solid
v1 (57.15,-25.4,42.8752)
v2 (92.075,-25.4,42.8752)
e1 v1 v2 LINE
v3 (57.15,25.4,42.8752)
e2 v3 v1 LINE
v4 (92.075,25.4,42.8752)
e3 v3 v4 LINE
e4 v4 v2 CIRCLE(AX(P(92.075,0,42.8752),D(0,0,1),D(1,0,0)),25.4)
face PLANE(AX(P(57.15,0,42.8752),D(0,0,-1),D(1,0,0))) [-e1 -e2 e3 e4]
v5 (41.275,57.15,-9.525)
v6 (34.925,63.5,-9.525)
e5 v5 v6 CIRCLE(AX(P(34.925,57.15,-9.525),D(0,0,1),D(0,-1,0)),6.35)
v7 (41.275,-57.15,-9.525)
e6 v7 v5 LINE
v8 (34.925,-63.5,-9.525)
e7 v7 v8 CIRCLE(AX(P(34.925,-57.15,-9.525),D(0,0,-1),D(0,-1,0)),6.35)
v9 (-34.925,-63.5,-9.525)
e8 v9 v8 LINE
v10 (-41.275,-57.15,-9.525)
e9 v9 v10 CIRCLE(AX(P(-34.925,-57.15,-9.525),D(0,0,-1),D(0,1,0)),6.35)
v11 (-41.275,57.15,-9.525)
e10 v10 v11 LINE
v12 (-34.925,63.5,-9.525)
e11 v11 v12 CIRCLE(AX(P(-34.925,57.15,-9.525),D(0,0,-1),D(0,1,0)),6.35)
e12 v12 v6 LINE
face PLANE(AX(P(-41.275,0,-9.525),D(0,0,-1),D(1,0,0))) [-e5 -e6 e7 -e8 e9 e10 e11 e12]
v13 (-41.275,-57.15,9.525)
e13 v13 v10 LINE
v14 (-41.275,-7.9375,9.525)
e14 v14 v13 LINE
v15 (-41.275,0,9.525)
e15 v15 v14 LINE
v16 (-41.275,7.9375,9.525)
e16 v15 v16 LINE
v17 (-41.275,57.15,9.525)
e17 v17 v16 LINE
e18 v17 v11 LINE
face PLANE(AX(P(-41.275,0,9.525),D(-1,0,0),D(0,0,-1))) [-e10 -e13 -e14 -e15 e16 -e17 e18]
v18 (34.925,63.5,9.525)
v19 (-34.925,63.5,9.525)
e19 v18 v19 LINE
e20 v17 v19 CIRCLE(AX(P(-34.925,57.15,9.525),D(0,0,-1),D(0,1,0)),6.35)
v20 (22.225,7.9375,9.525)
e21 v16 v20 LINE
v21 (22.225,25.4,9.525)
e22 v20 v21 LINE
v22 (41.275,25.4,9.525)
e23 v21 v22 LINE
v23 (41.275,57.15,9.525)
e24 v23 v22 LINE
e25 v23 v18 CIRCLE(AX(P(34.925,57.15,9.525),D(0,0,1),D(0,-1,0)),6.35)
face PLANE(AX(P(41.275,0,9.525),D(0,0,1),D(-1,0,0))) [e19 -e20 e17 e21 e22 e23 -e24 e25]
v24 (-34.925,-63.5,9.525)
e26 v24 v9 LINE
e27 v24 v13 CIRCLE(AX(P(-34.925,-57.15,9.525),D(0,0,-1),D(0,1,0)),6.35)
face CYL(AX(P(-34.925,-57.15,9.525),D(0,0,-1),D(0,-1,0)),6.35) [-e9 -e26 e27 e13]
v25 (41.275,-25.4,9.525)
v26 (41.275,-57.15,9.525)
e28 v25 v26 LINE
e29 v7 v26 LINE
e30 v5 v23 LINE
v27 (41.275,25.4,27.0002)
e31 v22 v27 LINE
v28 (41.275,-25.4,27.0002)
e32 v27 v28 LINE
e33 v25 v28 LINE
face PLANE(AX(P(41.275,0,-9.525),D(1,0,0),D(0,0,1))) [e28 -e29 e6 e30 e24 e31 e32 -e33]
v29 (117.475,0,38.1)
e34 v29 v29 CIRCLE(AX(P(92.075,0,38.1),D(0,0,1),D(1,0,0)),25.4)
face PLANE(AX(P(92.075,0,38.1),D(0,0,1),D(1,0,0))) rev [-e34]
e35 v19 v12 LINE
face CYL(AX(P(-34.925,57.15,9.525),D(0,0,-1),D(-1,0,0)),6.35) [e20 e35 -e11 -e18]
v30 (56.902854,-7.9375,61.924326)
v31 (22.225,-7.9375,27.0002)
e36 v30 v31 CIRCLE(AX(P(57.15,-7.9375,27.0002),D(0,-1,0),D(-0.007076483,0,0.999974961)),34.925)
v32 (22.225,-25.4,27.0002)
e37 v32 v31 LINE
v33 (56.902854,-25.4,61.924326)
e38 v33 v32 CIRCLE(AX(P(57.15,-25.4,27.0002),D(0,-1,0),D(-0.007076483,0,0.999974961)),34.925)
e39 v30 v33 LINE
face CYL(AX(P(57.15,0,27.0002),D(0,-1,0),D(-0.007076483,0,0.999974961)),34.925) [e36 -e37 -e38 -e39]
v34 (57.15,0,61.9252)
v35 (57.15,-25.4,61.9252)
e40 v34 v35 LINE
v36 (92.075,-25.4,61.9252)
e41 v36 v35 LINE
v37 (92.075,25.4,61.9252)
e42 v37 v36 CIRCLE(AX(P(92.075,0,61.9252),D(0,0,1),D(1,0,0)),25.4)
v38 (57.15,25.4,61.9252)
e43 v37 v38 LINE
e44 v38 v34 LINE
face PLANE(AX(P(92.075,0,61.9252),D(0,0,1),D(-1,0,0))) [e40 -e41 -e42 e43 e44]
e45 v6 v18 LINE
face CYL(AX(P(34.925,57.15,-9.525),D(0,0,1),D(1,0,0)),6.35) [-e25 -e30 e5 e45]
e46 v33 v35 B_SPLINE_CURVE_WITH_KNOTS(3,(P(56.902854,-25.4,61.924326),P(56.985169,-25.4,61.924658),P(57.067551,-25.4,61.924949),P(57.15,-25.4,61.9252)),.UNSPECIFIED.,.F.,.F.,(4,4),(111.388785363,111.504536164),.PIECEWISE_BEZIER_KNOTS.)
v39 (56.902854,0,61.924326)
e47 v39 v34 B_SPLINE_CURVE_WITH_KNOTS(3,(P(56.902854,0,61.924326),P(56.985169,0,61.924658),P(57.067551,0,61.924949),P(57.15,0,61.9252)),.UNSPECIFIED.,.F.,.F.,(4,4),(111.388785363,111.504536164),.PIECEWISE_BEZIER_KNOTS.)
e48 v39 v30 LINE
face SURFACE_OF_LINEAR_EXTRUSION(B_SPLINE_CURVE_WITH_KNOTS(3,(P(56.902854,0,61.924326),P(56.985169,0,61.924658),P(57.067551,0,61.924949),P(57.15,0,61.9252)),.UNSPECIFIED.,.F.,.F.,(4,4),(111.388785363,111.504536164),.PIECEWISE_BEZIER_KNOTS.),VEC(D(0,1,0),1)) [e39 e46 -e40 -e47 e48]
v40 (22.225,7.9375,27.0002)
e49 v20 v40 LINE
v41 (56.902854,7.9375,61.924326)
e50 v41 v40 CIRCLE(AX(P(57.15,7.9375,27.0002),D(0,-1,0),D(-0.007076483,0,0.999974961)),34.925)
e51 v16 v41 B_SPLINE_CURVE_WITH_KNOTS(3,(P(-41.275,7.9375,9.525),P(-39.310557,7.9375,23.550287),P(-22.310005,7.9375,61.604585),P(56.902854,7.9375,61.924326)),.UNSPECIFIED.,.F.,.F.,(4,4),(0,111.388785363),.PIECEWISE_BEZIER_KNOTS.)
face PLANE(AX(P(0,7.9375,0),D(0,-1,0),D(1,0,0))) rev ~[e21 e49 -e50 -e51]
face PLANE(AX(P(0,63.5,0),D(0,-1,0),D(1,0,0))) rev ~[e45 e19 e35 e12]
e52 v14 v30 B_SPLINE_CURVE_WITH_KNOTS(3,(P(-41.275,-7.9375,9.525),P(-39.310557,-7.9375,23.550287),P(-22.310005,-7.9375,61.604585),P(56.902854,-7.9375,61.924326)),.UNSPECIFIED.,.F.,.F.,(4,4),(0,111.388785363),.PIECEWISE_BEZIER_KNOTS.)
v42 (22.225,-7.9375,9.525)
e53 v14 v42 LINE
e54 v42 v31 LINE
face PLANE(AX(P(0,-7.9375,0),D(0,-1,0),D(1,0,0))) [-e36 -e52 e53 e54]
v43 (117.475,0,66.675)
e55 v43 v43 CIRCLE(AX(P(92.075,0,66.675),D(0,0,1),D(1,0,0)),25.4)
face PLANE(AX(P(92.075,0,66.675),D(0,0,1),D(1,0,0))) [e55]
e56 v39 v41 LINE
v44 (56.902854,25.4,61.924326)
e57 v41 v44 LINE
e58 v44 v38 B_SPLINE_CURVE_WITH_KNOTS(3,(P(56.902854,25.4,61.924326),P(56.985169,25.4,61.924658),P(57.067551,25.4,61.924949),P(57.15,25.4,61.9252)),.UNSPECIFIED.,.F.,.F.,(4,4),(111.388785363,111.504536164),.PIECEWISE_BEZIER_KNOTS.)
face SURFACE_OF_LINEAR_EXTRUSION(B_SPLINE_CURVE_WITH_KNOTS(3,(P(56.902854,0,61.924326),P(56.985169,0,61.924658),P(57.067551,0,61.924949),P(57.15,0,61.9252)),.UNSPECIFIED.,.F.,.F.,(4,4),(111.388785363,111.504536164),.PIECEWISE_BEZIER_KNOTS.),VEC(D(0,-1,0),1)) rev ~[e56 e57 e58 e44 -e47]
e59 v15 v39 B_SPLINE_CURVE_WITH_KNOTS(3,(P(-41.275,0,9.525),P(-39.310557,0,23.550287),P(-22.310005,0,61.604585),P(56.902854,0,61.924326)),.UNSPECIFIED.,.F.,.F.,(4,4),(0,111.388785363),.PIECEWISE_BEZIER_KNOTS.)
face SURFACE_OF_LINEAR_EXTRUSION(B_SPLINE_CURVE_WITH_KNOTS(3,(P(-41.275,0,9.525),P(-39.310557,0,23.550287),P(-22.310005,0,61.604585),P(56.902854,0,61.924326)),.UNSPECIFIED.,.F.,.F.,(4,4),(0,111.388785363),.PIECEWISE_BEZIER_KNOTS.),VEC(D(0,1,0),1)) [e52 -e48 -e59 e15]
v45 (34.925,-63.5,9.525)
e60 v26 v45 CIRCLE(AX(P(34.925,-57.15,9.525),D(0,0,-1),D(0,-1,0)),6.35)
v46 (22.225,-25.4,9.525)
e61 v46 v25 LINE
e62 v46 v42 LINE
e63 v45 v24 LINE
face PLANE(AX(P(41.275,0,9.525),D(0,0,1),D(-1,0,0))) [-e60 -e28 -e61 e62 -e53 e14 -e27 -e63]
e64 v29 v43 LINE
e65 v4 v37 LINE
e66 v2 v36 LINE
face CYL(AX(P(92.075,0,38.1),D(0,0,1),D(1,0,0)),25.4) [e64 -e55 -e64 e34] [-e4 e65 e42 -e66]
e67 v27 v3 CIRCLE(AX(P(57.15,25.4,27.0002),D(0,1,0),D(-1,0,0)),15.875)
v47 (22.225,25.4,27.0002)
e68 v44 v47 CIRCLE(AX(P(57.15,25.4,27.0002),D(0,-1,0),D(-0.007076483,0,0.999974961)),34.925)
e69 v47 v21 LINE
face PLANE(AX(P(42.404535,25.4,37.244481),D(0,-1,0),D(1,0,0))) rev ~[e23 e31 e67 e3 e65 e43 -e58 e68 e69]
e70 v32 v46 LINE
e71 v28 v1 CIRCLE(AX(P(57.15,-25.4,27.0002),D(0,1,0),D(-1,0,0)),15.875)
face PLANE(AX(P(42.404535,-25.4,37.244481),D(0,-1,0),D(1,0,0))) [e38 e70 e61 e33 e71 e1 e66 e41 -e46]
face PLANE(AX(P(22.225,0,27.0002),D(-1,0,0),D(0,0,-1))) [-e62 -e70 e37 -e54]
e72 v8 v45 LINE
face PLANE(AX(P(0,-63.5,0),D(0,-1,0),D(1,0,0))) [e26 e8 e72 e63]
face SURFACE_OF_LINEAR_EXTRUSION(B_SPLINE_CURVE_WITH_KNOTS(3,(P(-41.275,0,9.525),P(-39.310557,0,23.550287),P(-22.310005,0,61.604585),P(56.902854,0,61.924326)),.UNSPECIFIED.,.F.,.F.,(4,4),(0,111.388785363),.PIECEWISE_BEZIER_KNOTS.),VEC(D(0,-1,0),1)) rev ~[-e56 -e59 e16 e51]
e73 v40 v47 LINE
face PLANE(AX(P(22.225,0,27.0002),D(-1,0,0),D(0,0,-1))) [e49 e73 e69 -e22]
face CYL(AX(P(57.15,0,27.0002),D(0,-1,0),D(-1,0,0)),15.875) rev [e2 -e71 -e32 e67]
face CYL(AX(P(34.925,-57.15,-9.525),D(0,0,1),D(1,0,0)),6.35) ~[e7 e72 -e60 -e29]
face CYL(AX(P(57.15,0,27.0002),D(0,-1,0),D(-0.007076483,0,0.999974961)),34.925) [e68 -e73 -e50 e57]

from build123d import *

# Parameters (mm, degrees)
F1_DEPTH = 63.5
F0_W     = 25.4
F0_H     = 19.05
F2_DEPTH = 25.4
F3_DEPTH = 7.9375
F5_R     = 6.35


with BuildPart() as f1:
    # F0 (on Front) → F1 (new body, symmetric)
    with BuildSketch(Plane.XZ):
        Polygon((41.275, -9.525), (41.275, 9.525), (22.225, 9.525), (-41.275, 9.525), (-41.275, -9.525), align=None)
    extrude(amount=F1_DEPTH, both=True)

    # F0 (on Front) → F2 (join, symmetric)
    with BuildSketch(Plane.XZ):
        with BuildLine():
            Line((22.225, 9.525), (41.275, 9.525))
            Line((41.275, 9.525), (41.275, 27.0002))
            ThreePointArc((41.275, 27.0002), (45.9246798487, 38.2255201513), (57.15, 42.8752))
            Line((57.15, 42.8752), (66.675, 42.8752))
            Line((66.675, 42.8752), (66.675, 61.9252))
            Line((66.675, 61.9252), (57.15, 61.9252))
            add(Edge.make_bspline(
                [(56.9028538387, 61.9243255263), (56.9851686946, 61.9246577884), (57.0675507307, 61.9249493028), (57.15, 61.9252)],
                knots=[111.3887853631, 111.3887853631, 111.3887853631, 111.3887853631, 111.5045361635, 111.5045361635, 111.5045361635, 111.5045361635], degree=3))
            ThreePointArc((56.9028538387, 61.9243255263), (32.3670703438, 51.6083698356), (22.225, 27.0002))
            Line((22.225, 27.0002), (22.225, 9.525))
        make_face()
        with Locations((79.375, 52.4002)):
            Rectangle(F0_W, F0_H)
    extrude(amount=F2_DEPTH, both=True)

    # F0 (on Front) → F3 (join, symmetric)
    with BuildSketch(Plane.XZ):
        Polygon((41.275, -9.525), (41.275, 9.525), (22.225, 9.525), (-41.275, 9.525), (-41.275, -9.525), align=None)
        with BuildLine():
            Line((22.225, 9.525), (41.275, 9.525))
            Line((41.275, 9.525), (41.275, 27.0002))
            ThreePointArc((41.275, 27.0002), (45.9246798487, 38.2255201513), (57.15, 42.8752))
            Line((57.15, 42.8752), (66.675, 42.8752))
            Line((66.675, 42.8752), (66.675, 61.9252))
            Line((66.675, 61.9252), (57.15, 61.9252))
            add(Edge.make_bspline(
                [(56.9028538387, 61.9243255263), (56.9851686946, 61.9246577884), (57.0675507307, 61.9249493028), (57.15, 61.9252)],
                knots=[111.3887853631, 111.3887853631, 111.3887853631, 111.3887853631, 111.5045361635, 111.5045361635, 111.5045361635, 111.5045361635], degree=3))
            ThreePointArc((56.9028538387, 61.9243255263), (32.3670703438, 51.6083698356), (22.225, 27.0002))
            Line((22.225, 27.0002), (22.225, 9.525))
        make_face()
        with Locations((79.375, 52.4002)):
            Rectangle(F0_W, F0_H)
        with BuildLine():
            Line((-41.275, 9.525), (22.225, 9.525))
            Line((22.225, 9.525), (22.225, 27.0002))
            ThreePointArc((22.225, 27.0002), (32.3670703438, 51.6083698356), (56.9028538387, 61.9243255263))
            add(Edge.make_bspline(
                [(-41.275, 9.525), (-39.3105568509, 23.5502866189), (-22.3100050541, 61.6045845118), (56.9028538387, 61.9243255263)],
                knots=[0, 0, 0, 0, 111.3887853631, 111.3887853631, 111.3887853631, 111.3887853631], degree=3))
        make_face()
    extrude(amount=F3_DEPTH, both=True)

    # F0 (on Front) → F4 (revolve)
    with BuildSketch(Plane.XZ):
        Polygon((92.075, 61.9252), (92.075, 42.8752), (92.075, 38.1), (117.475, 38.1), (117.475, 66.675), (92.075, 66.675), align=None)
    revolve(axis=Axis((92.075, 0, 52.3875), (0, 0, 1)))

    # F5
    f5_edges = [f1.edges().sort_by_distance(p)[0] for p in [
        (-41.275, -63.5, 0),
        (41.275, -63.5, 0),
        (41.275, 63.5, 0),
        (-41.275, 63.5, 0),
    ]]
    fillet(f5_edges, radius=F5_R)


solid = f1.part
